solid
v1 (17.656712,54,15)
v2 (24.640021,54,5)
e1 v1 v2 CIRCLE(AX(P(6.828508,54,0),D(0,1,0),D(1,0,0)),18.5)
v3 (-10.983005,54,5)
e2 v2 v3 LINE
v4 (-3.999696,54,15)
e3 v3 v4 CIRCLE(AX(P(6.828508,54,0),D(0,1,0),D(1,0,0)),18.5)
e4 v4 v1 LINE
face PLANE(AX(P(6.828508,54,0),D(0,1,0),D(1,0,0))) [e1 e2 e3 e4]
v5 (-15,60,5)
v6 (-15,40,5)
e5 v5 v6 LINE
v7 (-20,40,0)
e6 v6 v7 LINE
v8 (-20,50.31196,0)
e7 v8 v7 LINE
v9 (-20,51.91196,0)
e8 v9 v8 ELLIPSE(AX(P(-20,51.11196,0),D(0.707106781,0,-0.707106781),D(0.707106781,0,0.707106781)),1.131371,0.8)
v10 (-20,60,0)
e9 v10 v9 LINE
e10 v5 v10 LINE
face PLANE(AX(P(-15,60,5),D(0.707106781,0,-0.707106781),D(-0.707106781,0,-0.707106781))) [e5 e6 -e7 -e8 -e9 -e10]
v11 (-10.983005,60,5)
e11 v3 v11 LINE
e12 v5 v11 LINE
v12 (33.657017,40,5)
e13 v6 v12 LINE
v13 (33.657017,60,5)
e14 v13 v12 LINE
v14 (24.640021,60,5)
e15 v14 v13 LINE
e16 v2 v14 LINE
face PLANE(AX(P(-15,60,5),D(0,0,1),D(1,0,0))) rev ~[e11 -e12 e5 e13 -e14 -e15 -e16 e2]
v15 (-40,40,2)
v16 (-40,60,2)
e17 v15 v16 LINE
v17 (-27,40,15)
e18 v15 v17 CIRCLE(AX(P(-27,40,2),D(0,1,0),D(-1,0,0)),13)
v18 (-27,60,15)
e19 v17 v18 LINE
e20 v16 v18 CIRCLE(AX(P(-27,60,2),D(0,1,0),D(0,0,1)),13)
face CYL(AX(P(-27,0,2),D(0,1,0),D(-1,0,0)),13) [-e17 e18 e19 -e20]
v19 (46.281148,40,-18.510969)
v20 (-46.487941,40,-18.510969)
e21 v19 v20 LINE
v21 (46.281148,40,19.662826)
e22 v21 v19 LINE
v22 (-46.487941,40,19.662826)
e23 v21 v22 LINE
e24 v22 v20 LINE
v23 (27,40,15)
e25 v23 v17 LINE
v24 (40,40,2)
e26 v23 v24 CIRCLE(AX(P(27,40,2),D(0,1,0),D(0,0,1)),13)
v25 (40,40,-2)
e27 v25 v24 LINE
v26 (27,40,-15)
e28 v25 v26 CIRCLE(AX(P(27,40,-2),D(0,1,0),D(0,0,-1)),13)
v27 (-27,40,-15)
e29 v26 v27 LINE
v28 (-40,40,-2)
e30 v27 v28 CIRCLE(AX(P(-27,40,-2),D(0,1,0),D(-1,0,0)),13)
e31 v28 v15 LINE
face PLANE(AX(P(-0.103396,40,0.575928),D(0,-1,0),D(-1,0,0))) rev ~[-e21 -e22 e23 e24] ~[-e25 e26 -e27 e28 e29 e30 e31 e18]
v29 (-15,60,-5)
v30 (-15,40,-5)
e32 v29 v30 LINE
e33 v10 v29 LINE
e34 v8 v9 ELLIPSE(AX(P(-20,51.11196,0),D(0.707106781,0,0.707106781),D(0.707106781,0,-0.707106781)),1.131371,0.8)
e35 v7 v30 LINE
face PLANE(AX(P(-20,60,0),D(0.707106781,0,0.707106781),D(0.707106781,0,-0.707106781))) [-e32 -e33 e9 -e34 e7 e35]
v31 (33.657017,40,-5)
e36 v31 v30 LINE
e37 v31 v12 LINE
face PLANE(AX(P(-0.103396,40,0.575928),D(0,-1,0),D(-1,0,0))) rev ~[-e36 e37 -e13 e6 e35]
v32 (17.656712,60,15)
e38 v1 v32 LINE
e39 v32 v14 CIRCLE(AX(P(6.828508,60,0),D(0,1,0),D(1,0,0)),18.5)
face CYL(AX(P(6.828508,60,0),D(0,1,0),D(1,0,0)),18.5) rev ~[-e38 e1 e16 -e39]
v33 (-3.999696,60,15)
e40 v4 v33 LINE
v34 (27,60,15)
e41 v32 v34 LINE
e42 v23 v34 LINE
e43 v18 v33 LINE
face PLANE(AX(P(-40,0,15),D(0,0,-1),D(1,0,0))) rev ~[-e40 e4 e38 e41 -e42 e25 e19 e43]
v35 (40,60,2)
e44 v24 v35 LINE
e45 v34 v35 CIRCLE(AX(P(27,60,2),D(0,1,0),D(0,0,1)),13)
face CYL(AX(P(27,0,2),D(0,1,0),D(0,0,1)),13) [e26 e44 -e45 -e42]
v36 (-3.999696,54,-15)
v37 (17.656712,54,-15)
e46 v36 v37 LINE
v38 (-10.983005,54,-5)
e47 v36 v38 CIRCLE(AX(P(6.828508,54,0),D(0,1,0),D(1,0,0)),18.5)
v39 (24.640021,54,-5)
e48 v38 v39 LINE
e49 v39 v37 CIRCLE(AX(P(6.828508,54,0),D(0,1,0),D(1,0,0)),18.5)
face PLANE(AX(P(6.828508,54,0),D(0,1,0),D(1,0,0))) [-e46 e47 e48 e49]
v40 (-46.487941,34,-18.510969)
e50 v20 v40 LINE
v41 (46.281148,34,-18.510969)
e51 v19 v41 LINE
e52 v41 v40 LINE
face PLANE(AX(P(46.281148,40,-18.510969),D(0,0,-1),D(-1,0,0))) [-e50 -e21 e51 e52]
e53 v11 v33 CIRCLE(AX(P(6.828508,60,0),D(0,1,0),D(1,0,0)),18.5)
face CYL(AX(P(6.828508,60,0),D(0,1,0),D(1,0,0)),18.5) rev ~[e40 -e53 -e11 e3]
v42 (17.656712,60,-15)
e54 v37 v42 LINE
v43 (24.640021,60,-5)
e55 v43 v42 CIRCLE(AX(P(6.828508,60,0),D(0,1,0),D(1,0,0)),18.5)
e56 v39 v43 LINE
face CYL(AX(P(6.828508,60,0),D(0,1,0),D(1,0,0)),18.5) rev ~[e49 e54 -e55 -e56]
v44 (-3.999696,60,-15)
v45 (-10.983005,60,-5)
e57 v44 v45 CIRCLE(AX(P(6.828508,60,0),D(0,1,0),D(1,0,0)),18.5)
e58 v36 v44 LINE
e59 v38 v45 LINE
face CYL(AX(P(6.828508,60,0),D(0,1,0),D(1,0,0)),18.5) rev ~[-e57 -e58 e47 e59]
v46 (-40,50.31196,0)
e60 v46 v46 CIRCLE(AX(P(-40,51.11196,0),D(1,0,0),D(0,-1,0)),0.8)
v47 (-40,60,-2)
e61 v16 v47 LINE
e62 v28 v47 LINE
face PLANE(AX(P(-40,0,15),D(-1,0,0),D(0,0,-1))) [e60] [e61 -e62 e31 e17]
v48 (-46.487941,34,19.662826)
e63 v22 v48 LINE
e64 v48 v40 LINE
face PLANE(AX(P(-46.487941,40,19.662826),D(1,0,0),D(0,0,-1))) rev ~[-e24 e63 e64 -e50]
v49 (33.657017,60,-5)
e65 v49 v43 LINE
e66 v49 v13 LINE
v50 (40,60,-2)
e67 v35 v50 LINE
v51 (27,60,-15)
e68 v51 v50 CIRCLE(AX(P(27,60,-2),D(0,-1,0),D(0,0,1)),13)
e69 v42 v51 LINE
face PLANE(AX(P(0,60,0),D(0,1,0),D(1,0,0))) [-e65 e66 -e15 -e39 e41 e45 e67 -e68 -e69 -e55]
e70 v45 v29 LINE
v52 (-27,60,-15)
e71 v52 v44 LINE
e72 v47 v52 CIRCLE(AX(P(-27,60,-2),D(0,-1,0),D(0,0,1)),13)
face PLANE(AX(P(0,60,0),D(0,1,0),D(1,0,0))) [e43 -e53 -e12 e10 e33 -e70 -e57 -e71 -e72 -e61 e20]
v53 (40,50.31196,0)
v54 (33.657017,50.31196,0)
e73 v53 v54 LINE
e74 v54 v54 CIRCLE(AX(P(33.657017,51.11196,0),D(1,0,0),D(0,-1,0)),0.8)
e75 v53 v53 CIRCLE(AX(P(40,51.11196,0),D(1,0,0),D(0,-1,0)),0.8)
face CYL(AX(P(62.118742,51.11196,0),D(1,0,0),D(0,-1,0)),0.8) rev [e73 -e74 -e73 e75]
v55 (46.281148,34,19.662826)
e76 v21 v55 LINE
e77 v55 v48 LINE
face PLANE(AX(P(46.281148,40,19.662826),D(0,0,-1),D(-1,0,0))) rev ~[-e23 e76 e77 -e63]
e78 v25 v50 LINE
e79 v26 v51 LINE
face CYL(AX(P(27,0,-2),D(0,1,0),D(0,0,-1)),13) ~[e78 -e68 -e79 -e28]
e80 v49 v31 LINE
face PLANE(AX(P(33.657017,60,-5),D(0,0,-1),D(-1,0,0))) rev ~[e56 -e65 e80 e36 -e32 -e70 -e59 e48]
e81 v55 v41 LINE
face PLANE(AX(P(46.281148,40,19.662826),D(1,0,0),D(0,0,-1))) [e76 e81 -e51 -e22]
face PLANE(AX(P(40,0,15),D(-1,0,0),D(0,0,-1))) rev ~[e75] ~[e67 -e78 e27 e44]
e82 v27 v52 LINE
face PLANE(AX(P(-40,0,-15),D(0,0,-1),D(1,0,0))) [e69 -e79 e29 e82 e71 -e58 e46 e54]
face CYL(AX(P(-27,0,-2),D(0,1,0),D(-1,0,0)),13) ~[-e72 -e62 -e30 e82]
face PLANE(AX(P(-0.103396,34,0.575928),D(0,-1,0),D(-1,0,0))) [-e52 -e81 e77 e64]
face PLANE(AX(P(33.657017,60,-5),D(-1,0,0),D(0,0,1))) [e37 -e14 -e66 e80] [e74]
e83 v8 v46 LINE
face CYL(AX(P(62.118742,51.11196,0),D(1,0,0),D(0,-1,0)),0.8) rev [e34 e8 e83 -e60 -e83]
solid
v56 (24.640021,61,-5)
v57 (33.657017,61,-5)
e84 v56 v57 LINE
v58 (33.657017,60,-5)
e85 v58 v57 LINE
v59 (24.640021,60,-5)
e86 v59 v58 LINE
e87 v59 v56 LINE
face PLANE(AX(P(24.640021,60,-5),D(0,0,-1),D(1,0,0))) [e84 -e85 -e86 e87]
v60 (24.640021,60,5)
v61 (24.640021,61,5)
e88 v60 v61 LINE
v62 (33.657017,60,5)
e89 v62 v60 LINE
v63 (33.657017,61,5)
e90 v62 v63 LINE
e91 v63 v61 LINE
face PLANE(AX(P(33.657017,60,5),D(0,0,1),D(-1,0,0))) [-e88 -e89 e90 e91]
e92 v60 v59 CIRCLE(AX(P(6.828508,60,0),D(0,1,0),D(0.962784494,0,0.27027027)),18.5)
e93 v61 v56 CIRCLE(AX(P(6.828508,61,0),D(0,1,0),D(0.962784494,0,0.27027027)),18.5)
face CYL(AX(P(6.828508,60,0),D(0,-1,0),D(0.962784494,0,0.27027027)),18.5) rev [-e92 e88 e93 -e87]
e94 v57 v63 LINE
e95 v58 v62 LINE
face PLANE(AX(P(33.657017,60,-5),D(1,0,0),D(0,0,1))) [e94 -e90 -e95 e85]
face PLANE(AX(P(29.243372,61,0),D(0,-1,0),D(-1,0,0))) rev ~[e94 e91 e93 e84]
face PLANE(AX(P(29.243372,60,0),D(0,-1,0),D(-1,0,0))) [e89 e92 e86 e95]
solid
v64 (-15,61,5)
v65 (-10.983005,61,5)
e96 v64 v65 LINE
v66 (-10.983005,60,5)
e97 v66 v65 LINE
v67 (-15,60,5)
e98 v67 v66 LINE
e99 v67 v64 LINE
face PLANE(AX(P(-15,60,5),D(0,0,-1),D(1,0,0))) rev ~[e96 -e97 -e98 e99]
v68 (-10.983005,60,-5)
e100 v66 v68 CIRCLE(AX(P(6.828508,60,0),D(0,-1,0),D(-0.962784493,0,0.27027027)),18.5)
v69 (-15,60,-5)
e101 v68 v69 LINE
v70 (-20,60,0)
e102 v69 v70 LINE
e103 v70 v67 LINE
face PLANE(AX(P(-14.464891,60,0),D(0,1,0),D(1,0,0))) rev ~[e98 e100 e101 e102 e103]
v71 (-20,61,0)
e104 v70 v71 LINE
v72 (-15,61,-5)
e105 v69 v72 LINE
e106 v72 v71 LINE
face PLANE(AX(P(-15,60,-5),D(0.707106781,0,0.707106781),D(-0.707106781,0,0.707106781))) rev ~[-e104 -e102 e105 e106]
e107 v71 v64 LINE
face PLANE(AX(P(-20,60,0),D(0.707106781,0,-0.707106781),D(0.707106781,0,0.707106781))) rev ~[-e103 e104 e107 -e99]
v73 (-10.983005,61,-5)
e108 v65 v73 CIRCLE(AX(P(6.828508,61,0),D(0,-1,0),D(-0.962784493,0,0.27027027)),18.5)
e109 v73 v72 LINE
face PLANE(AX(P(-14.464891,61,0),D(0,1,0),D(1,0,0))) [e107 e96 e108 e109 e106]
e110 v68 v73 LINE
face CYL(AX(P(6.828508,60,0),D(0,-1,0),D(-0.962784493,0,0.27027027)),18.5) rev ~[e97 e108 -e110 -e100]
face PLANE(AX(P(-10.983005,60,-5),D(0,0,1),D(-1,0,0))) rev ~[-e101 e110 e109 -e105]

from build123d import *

# Parameters (mm, degrees)
SKETCH1_W               = 80
SKETCH1_H               = 30
BOSS_EXTRUDE1_DEPTH     = 60
CUT_EXTRUDE1_DEPTH      = 75
CUT_EXTRUDE2_DEPTH      = 102.118742081
CUT_EXTRUDE2_DEPTH_BACK = 102.118742081
SKETCH3_R               = 0.8
FILLET1_R               = 13
SKETCH15_W              = 83.696095513
SKETCH15_H              = 31.69844841
CUT_EXTRUDE7_DEPTH      = 50
SKETCH16_W              = 92.769089126
SKETCH16_H              = 38.173794917
BOSS_EXTRUDE4_DEPTH     = 6
SKETCH18_R              = 18.5
CUT_EXTRUDE8_DEPTH      = 6
BOSS_EXTRUDE5_DEPTH     = 1
BOSS_EXTRUDE5_2_DEPTH   = 1


with BuildPart() as part:
    # Sketch1 → Boss-Extrude1 (new body)
    with BuildSketch(Plane(origin=(0, 0, 0), x_dir=(1, 0, 0), z_dir=(0, 1, 0))):
        Rectangle(SKETCH1_W, SKETCH1_H)
    extrude(amount=BOSS_EXTRUDE1_DEPTH)

    # Sketch2 → Cut-Extrude1 (cut)
    with BuildSketch(Plane(origin=(0, 60, 0), x_dir=(1, 0, 0), z_dir=(0, 1, 0))):
        Polygon((-15, 5), (15, 5), (33.657016573, 5), (33.657016573, -5), (15, -5), (-15, -5), (-20, 0), align=None)
    extrude(amount=-CUT_EXTRUDE1_DEPTH, mode=Mode.SUBTRACT)

    # Sketch3 → Cut-Extrude2 (cut, two sides: drawn at the far end of the back side and taken through both)
    with BuildSketch(Plane.ZY.offset(40).offset(-CUT_EXTRUDE2_DEPTH_BACK)):
        with Locations(Location((0, 51.111959895, 0), (0, 0, 270))):
            Circle(SKETCH3_R)
    extrude(amount=CUT_EXTRUDE2_DEPTH + CUT_EXTRUDE2_DEPTH_BACK, mode=Mode.SUBTRACT)

    # Fillet1
    fillet1_edges = [part.edges().sort_by_distance(p)[0] for p in [
        (40, 30, 15),
        (-40, 30, 15),
        (-40, 30, -15),
        (40, 30, -15),
    ]]
    fillet(fillet1_edges, radius=FILLET1_R)

    # Sketch15 → Cut-Extrude7 (cut)
    with BuildSketch(Plane(origin=(0, -10, 0), x_dir=(-1, 0, 0), z_dir=(0, -1, 0))):
        with Locations((-0.057440767, 0.030479277)):
            Rectangle(SKETCH15_W, SKETCH15_H)
    extrude(amount=-CUT_EXTRUDE7_DEPTH, mode=Mode.SUBTRACT)

    # Sketch16 → Boss-Extrude4 (add)
    with BuildSketch(Plane(origin=(0, 40, 0), x_dir=(-1, 0, 0), z_dir=(0, -1, 0))):
        with Locations((0.103396131, -0.575928298)):
            Rectangle(SKETCH16_W, SKETCH16_H)
    extrude(amount=BOSS_EXTRUDE4_DEPTH)

    # Sketch18 → Cut-Extrude8 (cut)
    with BuildSketch(Plane(origin=(0, 60, 0), x_dir=(1, 0, 0), z_dir=(0, 1, 0))):
        with Locations((6.828508286, 0)):
            Circle(SKETCH18_R)
    extrude(amount=-CUT_EXTRUDE8_DEPTH, mode=Mode.SUBTRACT)


with BuildPart() as body_2:
    # Sketch19 → Boss-Extrude5 (new body)
    with BuildSketch(Plane(origin=(0, 60, 0), x_dir=(1, 0, 0), z_dir=(0, 1, 0))):
        with BuildLine():
            Line((-10.983004844, 5), (-15, 5))
            Line((-15, 5), (-20, 0))
            Line((-20, 0), (-15, -5))
            Line((-15, -5), (-10.983004844, -5))
            ThreePointArc((-10.983004844, -5), (-11.671491714, 0), (-10.983004844, 5))
        make_face()
    extrude(amount=BOSS_EXTRUDE5_DEPTH)


with BuildPart() as body_3:
    # Sketch19 → Boss-Extrude5 2 (new body)
    with BuildSketch(Plane(origin=(0, 60, 0), x_dir=(1, 0, 0), z_dir=(0, 1, 0))):
        with BuildLine():
            Line((24.640021417, 5), (33.657016573, 5))
            Line((33.657016573, 5), (33.657016573, -5))
            Line((33.657016573, -5), (24.640021417, -5))
            ThreePointArc((24.640021417, -5), (25.328508286, 0), (24.640021417, 5))
        make_face()
    extrude(amount=BOSS_EXTRUDE5_2_DEPTH)


solid = Compound([part.part, body_2.part, body_3.part])
